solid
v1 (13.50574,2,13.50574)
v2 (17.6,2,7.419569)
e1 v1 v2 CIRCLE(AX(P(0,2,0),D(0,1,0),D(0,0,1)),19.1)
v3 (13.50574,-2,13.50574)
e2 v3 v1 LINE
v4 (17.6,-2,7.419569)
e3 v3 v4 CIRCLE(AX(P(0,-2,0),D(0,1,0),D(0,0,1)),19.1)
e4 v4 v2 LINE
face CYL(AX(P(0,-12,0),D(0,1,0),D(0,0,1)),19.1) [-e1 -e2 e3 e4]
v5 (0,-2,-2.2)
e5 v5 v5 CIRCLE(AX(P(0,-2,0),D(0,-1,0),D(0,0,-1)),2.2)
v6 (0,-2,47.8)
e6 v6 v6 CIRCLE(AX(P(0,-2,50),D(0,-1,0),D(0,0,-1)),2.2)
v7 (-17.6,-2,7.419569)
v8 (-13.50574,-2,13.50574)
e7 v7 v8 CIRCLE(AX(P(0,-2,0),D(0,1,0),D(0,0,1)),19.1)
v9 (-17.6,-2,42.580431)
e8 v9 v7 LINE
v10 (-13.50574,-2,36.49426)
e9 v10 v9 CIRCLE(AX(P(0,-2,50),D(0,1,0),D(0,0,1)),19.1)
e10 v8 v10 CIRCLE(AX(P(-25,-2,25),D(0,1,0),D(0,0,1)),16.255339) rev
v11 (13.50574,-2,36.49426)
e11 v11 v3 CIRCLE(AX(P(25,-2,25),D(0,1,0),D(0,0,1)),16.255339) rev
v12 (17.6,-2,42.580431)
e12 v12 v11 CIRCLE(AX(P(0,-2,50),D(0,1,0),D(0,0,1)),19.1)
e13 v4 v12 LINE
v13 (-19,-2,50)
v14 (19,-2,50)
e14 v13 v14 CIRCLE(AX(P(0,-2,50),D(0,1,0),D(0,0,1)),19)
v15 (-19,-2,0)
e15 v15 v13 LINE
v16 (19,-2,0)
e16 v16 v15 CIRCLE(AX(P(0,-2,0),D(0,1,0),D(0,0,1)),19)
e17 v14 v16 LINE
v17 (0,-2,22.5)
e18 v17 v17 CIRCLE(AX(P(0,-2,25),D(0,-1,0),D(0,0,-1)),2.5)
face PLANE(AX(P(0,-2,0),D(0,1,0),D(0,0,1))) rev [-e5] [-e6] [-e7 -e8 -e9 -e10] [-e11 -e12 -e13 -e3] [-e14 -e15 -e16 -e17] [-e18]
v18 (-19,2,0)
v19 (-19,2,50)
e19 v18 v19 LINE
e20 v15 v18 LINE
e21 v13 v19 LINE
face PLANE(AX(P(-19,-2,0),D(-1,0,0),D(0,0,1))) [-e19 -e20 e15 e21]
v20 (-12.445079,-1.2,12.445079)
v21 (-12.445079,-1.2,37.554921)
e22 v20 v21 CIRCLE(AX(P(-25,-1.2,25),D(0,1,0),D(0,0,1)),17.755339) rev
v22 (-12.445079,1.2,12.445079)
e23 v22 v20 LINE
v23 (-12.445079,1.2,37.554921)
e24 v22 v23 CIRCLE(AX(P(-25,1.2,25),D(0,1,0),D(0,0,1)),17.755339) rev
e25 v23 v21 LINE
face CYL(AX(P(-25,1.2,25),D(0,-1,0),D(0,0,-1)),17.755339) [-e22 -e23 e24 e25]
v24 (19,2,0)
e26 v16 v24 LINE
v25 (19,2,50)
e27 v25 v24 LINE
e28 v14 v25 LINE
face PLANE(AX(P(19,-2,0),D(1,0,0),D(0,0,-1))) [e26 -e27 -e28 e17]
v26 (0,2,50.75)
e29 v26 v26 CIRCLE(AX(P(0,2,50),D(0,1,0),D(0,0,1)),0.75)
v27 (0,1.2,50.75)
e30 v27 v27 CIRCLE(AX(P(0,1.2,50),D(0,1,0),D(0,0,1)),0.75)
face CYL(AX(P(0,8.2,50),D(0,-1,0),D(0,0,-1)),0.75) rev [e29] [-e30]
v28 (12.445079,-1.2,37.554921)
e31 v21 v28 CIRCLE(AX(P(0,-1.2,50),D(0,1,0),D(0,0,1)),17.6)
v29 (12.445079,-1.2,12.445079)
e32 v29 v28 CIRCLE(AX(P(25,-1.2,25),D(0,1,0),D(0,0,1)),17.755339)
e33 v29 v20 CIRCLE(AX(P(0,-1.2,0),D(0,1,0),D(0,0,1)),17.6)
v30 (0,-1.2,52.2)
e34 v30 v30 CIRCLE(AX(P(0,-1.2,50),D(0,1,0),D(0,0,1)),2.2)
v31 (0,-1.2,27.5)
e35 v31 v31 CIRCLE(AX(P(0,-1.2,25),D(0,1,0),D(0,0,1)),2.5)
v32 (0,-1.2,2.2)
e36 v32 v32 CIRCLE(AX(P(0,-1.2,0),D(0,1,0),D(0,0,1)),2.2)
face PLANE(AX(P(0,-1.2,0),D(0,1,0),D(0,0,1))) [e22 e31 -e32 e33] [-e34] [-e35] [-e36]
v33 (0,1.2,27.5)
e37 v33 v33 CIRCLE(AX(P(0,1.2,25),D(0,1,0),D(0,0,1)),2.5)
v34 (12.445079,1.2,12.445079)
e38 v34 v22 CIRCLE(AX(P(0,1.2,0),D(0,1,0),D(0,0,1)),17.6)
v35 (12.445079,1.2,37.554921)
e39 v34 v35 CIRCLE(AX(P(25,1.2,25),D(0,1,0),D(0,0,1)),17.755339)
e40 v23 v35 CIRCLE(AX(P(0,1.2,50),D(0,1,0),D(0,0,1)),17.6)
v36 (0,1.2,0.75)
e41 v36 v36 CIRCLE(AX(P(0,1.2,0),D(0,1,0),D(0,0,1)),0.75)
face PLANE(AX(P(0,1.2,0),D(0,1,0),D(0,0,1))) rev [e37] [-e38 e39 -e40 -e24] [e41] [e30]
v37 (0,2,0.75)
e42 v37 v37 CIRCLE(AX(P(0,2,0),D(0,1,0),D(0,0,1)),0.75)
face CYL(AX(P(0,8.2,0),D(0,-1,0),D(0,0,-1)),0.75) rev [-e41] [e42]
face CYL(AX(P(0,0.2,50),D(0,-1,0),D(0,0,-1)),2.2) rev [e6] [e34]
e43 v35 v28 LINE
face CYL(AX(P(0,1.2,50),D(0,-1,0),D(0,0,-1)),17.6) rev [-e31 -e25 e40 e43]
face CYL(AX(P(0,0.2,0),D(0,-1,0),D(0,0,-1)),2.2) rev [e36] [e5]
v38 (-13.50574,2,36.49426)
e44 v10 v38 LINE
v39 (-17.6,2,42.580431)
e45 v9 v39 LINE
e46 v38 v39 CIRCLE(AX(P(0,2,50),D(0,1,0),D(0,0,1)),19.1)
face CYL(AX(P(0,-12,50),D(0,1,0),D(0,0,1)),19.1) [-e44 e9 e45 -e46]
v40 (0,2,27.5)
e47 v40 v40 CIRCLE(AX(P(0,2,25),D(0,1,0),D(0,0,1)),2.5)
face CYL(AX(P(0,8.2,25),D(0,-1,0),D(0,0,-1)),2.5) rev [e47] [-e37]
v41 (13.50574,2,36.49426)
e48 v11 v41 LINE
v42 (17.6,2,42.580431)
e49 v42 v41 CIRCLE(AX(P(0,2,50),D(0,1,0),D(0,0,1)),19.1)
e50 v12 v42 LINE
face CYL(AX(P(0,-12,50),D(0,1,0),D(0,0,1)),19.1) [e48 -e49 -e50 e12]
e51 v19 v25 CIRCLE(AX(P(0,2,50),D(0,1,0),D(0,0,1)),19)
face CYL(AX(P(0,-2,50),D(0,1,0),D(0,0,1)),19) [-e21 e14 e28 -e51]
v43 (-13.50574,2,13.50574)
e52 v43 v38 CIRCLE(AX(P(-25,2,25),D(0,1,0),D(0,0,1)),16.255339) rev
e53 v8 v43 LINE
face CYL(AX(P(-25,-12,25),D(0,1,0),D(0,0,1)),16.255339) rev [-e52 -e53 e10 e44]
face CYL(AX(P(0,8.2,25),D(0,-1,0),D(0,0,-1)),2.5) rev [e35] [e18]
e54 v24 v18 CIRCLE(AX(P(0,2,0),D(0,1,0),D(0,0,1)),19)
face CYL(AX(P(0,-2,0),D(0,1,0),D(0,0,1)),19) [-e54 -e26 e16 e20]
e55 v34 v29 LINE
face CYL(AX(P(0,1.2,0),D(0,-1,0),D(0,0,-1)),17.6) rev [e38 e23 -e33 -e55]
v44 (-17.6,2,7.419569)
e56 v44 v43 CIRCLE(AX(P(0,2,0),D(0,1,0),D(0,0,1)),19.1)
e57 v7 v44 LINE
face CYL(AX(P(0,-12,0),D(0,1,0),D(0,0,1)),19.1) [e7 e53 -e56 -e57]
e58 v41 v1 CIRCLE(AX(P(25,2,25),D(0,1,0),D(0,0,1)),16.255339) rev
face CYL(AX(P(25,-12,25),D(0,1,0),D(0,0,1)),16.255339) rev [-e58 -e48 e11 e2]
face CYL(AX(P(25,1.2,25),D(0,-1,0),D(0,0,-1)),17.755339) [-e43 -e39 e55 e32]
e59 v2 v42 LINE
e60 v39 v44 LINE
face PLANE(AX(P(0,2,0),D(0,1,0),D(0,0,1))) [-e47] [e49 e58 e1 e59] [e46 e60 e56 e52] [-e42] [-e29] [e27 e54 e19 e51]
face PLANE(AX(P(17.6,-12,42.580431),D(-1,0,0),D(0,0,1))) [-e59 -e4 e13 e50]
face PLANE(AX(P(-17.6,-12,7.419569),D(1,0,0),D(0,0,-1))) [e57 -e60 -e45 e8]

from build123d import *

# Parameters (mm, degrees)
BOSS_EXTRUDE1_DEPTH      = 2
BOSS_EXTRUDE1_DEPTH_BACK = 2
CUT_EXTRUDE1_DEPTH       = 1.2
CUT_EXTRUDE1_DEPTH_BACK  = 1.2
SKETCH4_W                = 7
SKETCH4_H                = 11
BOSS_EXTRUDE2_DEPTH      = 1.2
SWEEP1_PROFILE_R         = 1
SKETCH25_R               = 2.2
CUT_EXTRUDE2_DEPTH       = 2.2
SKETCH26_R               = 2.5
SKETCH26_R_2             = 0.75
CUT_EXTRUDE3_DEPTH       = 10.2
CUT_EXTRUDE4_DEPTH       = 10
CUT_EXTRUDE4_DEPTH_BACK  = 10


with BuildPart() as part:
    # Sketch1 → Boss-Extrude1 (new, two sides: drawn at the far end of the back side and taken through both)
    with BuildSketch(Plane(origin=(0, 0, 0), x_dir=(1, 0, 0), z_dir=(0, 1, 0)).offset(-BOSS_EXTRUDE1_DEPTH_BACK)):
        with BuildLine():
            Line((-19, 0), (-19, -50))
            ThreePointArc((-19, -50), (0, -69), (19, -50))
            Line((19, -50), (19, 0))
            ThreePointArc((19, 0), (0, 19), (-19, 0))
        make_face()
    extrude(amount=BOSS_EXTRUDE1_DEPTH + BOSS_EXTRUDE1_DEPTH_BACK)

    # Sketch3 → Cut-Extrude1 (cut, two sides: drawn at the far end of the back side and taken through both)
    with BuildSketch(Plane(origin=(0, 0, 0), x_dir=(1, 0, 0), z_dir=(0, 1, 0)).offset(-CUT_EXTRUDE1_DEPTH_BACK)):
        with BuildLine():
            ThreePointArc((12.445079349, -37.554920651), (7.244660941, -25), (12.445079349, -12.445079349))
            ThreePointArc((12.445079349, -12.445079349), (16.260279772, -6.73522841), (17.6, 0))
            ThreePointArc((17.6, 0), (0, 17.6), (-17.6, 0))
            ThreePointArc((-17.6, 0), (-16.260279772, -6.73522841), (-12.445079349, -12.445079349))
            ThreePointArc((-12.445079349, -12.445079349), (-7.244660941, -25), (-12.445079349, -37.554920651))
            ThreePointArc((-12.445079349, -37.554920651), (-16.260279772, -43.26477159), (-17.6, -50))
            ThreePointArc((-17.6, -50), (0, -67.6), (17.6, -50))
            ThreePointArc((17.6, -50), (16.260279772, -43.26477159), (12.445079349, -37.554920651))
        make_face()
    extrude(amount=CUT_EXTRUDE1_DEPTH + CUT_EXTRUDE1_DEPTH_BACK, mode=Mode.SUBTRACT)

    # Sketch4 → Boss-Extrude2 (add)
    with BuildSketch(Plane.XZ.offset(2)):
        with Locations((-13.5, 25)):
            Rectangle(SKETCH4_W, SKETCH4_H)
        with Locations((13.5, 25)):
            Rectangle(SKETCH4_W, SKETCH4_H)
    extrude(amount=BOSS_EXTRUDE2_DEPTH)

    # Sweep1: sweep along a path in Sketch6
    with BuildLine(Plane(origin=(-13.5, 0, 0), x_dir=(0, 0, -1), z_dir=(1, 0, 0))) as sweep1_path:
        Line((-22.3, -3.2), (-22.3, -5.3))
        ThreePointArc((-22.3, -5.3), (-24.369122081, -7.65570217), (-26.972043675, -5.907732468))
    # Sweep1 profile (on start of the path) → Sweep1 (sweep)
    with BuildSketch(Plane(origin=(-13.5, -3.2, 22.3), x_dir=(0, 0, -1), z_dir=(0, -1, 0))):
        Circle(SWEEP1_PROFILE_R)
    sweep1 = sweep(path=sweep1_path.line)

    # Mirror1: Sweep1 across plane
    add(sweep1.mirror(Plane(origin=(0, 0, 0), x_dir=(0, 0, 1), z_dir=(1, 0, 0))))

    # Sketch25 → Cut-Extrude2 (cut)
    with BuildSketch(Plane.XZ.offset(2)):
        Circle(SKETCH25_R)
        with Locations((0, 50)):
            Circle(SKETCH25_R)
    extrude(amount=-CUT_EXTRUDE2_DEPTH, mode=Mode.SUBTRACT)

    # Sketch26 → Cut-Extrude3 (cut)
    with BuildSketch(Plane(origin=(0, -2, 0), x_dir=(-1, 0, 0), z_dir=(0, -1, 0))):
        with Locations((0, -25)):
            Circle(SKETCH26_R)
        with Locations((0, -50)):
            Circle(SKETCH26_R_2)
        Circle(SKETCH26_R_2)
    extrude(amount=-CUT_EXTRUDE3_DEPTH, mode=Mode.SUBTRACT)

    # Sketch27 → Cut-Extrude4 (cut, two sides: drawn at the far end of the back side and taken through both)
    with BuildSketch(Plane.XZ.offset(2).offset(-CUT_EXTRUDE4_DEPTH_BACK)):
        with BuildLine():
            Line((-17.6, 7.419568721), (-17.6, 42.580431279))
            ThreePointArc((-17.6, 42.580431279), (-15.847779861, 39.33895533), (-13.505739521, 36.494260479))
            ThreePointArc((-13.505739521, 36.494260479), (-8.744660941, 25), (-13.505739521, 13.505739521))
            ThreePointArc((-13.505739521, 13.505739521), (-15.847779861, 10.66104467), (-17.6, 7.419568721))
        make_face()
        with BuildLine():
            Line((17.6, 42.580431279), (17.6, 7.419568721))
            ThreePointArc((17.6, 7.419568721), (15.847779861, 10.66104467), (13.505739521, 13.505739521))
            ThreePointArc((13.505739521, 13.505739521), (8.744660941, 25), (13.505739521, 36.494260479))
            ThreePointArc((13.505739521, 36.494260479), (15.847779861, 39.33895533), (17.6, 42.580431279))
        make_face()
    extrude(amount=CUT_EXTRUDE4_DEPTH + CUT_EXTRUDE4_DEPTH_BACK, mode=Mode.SUBTRACT)


solid = part.part
